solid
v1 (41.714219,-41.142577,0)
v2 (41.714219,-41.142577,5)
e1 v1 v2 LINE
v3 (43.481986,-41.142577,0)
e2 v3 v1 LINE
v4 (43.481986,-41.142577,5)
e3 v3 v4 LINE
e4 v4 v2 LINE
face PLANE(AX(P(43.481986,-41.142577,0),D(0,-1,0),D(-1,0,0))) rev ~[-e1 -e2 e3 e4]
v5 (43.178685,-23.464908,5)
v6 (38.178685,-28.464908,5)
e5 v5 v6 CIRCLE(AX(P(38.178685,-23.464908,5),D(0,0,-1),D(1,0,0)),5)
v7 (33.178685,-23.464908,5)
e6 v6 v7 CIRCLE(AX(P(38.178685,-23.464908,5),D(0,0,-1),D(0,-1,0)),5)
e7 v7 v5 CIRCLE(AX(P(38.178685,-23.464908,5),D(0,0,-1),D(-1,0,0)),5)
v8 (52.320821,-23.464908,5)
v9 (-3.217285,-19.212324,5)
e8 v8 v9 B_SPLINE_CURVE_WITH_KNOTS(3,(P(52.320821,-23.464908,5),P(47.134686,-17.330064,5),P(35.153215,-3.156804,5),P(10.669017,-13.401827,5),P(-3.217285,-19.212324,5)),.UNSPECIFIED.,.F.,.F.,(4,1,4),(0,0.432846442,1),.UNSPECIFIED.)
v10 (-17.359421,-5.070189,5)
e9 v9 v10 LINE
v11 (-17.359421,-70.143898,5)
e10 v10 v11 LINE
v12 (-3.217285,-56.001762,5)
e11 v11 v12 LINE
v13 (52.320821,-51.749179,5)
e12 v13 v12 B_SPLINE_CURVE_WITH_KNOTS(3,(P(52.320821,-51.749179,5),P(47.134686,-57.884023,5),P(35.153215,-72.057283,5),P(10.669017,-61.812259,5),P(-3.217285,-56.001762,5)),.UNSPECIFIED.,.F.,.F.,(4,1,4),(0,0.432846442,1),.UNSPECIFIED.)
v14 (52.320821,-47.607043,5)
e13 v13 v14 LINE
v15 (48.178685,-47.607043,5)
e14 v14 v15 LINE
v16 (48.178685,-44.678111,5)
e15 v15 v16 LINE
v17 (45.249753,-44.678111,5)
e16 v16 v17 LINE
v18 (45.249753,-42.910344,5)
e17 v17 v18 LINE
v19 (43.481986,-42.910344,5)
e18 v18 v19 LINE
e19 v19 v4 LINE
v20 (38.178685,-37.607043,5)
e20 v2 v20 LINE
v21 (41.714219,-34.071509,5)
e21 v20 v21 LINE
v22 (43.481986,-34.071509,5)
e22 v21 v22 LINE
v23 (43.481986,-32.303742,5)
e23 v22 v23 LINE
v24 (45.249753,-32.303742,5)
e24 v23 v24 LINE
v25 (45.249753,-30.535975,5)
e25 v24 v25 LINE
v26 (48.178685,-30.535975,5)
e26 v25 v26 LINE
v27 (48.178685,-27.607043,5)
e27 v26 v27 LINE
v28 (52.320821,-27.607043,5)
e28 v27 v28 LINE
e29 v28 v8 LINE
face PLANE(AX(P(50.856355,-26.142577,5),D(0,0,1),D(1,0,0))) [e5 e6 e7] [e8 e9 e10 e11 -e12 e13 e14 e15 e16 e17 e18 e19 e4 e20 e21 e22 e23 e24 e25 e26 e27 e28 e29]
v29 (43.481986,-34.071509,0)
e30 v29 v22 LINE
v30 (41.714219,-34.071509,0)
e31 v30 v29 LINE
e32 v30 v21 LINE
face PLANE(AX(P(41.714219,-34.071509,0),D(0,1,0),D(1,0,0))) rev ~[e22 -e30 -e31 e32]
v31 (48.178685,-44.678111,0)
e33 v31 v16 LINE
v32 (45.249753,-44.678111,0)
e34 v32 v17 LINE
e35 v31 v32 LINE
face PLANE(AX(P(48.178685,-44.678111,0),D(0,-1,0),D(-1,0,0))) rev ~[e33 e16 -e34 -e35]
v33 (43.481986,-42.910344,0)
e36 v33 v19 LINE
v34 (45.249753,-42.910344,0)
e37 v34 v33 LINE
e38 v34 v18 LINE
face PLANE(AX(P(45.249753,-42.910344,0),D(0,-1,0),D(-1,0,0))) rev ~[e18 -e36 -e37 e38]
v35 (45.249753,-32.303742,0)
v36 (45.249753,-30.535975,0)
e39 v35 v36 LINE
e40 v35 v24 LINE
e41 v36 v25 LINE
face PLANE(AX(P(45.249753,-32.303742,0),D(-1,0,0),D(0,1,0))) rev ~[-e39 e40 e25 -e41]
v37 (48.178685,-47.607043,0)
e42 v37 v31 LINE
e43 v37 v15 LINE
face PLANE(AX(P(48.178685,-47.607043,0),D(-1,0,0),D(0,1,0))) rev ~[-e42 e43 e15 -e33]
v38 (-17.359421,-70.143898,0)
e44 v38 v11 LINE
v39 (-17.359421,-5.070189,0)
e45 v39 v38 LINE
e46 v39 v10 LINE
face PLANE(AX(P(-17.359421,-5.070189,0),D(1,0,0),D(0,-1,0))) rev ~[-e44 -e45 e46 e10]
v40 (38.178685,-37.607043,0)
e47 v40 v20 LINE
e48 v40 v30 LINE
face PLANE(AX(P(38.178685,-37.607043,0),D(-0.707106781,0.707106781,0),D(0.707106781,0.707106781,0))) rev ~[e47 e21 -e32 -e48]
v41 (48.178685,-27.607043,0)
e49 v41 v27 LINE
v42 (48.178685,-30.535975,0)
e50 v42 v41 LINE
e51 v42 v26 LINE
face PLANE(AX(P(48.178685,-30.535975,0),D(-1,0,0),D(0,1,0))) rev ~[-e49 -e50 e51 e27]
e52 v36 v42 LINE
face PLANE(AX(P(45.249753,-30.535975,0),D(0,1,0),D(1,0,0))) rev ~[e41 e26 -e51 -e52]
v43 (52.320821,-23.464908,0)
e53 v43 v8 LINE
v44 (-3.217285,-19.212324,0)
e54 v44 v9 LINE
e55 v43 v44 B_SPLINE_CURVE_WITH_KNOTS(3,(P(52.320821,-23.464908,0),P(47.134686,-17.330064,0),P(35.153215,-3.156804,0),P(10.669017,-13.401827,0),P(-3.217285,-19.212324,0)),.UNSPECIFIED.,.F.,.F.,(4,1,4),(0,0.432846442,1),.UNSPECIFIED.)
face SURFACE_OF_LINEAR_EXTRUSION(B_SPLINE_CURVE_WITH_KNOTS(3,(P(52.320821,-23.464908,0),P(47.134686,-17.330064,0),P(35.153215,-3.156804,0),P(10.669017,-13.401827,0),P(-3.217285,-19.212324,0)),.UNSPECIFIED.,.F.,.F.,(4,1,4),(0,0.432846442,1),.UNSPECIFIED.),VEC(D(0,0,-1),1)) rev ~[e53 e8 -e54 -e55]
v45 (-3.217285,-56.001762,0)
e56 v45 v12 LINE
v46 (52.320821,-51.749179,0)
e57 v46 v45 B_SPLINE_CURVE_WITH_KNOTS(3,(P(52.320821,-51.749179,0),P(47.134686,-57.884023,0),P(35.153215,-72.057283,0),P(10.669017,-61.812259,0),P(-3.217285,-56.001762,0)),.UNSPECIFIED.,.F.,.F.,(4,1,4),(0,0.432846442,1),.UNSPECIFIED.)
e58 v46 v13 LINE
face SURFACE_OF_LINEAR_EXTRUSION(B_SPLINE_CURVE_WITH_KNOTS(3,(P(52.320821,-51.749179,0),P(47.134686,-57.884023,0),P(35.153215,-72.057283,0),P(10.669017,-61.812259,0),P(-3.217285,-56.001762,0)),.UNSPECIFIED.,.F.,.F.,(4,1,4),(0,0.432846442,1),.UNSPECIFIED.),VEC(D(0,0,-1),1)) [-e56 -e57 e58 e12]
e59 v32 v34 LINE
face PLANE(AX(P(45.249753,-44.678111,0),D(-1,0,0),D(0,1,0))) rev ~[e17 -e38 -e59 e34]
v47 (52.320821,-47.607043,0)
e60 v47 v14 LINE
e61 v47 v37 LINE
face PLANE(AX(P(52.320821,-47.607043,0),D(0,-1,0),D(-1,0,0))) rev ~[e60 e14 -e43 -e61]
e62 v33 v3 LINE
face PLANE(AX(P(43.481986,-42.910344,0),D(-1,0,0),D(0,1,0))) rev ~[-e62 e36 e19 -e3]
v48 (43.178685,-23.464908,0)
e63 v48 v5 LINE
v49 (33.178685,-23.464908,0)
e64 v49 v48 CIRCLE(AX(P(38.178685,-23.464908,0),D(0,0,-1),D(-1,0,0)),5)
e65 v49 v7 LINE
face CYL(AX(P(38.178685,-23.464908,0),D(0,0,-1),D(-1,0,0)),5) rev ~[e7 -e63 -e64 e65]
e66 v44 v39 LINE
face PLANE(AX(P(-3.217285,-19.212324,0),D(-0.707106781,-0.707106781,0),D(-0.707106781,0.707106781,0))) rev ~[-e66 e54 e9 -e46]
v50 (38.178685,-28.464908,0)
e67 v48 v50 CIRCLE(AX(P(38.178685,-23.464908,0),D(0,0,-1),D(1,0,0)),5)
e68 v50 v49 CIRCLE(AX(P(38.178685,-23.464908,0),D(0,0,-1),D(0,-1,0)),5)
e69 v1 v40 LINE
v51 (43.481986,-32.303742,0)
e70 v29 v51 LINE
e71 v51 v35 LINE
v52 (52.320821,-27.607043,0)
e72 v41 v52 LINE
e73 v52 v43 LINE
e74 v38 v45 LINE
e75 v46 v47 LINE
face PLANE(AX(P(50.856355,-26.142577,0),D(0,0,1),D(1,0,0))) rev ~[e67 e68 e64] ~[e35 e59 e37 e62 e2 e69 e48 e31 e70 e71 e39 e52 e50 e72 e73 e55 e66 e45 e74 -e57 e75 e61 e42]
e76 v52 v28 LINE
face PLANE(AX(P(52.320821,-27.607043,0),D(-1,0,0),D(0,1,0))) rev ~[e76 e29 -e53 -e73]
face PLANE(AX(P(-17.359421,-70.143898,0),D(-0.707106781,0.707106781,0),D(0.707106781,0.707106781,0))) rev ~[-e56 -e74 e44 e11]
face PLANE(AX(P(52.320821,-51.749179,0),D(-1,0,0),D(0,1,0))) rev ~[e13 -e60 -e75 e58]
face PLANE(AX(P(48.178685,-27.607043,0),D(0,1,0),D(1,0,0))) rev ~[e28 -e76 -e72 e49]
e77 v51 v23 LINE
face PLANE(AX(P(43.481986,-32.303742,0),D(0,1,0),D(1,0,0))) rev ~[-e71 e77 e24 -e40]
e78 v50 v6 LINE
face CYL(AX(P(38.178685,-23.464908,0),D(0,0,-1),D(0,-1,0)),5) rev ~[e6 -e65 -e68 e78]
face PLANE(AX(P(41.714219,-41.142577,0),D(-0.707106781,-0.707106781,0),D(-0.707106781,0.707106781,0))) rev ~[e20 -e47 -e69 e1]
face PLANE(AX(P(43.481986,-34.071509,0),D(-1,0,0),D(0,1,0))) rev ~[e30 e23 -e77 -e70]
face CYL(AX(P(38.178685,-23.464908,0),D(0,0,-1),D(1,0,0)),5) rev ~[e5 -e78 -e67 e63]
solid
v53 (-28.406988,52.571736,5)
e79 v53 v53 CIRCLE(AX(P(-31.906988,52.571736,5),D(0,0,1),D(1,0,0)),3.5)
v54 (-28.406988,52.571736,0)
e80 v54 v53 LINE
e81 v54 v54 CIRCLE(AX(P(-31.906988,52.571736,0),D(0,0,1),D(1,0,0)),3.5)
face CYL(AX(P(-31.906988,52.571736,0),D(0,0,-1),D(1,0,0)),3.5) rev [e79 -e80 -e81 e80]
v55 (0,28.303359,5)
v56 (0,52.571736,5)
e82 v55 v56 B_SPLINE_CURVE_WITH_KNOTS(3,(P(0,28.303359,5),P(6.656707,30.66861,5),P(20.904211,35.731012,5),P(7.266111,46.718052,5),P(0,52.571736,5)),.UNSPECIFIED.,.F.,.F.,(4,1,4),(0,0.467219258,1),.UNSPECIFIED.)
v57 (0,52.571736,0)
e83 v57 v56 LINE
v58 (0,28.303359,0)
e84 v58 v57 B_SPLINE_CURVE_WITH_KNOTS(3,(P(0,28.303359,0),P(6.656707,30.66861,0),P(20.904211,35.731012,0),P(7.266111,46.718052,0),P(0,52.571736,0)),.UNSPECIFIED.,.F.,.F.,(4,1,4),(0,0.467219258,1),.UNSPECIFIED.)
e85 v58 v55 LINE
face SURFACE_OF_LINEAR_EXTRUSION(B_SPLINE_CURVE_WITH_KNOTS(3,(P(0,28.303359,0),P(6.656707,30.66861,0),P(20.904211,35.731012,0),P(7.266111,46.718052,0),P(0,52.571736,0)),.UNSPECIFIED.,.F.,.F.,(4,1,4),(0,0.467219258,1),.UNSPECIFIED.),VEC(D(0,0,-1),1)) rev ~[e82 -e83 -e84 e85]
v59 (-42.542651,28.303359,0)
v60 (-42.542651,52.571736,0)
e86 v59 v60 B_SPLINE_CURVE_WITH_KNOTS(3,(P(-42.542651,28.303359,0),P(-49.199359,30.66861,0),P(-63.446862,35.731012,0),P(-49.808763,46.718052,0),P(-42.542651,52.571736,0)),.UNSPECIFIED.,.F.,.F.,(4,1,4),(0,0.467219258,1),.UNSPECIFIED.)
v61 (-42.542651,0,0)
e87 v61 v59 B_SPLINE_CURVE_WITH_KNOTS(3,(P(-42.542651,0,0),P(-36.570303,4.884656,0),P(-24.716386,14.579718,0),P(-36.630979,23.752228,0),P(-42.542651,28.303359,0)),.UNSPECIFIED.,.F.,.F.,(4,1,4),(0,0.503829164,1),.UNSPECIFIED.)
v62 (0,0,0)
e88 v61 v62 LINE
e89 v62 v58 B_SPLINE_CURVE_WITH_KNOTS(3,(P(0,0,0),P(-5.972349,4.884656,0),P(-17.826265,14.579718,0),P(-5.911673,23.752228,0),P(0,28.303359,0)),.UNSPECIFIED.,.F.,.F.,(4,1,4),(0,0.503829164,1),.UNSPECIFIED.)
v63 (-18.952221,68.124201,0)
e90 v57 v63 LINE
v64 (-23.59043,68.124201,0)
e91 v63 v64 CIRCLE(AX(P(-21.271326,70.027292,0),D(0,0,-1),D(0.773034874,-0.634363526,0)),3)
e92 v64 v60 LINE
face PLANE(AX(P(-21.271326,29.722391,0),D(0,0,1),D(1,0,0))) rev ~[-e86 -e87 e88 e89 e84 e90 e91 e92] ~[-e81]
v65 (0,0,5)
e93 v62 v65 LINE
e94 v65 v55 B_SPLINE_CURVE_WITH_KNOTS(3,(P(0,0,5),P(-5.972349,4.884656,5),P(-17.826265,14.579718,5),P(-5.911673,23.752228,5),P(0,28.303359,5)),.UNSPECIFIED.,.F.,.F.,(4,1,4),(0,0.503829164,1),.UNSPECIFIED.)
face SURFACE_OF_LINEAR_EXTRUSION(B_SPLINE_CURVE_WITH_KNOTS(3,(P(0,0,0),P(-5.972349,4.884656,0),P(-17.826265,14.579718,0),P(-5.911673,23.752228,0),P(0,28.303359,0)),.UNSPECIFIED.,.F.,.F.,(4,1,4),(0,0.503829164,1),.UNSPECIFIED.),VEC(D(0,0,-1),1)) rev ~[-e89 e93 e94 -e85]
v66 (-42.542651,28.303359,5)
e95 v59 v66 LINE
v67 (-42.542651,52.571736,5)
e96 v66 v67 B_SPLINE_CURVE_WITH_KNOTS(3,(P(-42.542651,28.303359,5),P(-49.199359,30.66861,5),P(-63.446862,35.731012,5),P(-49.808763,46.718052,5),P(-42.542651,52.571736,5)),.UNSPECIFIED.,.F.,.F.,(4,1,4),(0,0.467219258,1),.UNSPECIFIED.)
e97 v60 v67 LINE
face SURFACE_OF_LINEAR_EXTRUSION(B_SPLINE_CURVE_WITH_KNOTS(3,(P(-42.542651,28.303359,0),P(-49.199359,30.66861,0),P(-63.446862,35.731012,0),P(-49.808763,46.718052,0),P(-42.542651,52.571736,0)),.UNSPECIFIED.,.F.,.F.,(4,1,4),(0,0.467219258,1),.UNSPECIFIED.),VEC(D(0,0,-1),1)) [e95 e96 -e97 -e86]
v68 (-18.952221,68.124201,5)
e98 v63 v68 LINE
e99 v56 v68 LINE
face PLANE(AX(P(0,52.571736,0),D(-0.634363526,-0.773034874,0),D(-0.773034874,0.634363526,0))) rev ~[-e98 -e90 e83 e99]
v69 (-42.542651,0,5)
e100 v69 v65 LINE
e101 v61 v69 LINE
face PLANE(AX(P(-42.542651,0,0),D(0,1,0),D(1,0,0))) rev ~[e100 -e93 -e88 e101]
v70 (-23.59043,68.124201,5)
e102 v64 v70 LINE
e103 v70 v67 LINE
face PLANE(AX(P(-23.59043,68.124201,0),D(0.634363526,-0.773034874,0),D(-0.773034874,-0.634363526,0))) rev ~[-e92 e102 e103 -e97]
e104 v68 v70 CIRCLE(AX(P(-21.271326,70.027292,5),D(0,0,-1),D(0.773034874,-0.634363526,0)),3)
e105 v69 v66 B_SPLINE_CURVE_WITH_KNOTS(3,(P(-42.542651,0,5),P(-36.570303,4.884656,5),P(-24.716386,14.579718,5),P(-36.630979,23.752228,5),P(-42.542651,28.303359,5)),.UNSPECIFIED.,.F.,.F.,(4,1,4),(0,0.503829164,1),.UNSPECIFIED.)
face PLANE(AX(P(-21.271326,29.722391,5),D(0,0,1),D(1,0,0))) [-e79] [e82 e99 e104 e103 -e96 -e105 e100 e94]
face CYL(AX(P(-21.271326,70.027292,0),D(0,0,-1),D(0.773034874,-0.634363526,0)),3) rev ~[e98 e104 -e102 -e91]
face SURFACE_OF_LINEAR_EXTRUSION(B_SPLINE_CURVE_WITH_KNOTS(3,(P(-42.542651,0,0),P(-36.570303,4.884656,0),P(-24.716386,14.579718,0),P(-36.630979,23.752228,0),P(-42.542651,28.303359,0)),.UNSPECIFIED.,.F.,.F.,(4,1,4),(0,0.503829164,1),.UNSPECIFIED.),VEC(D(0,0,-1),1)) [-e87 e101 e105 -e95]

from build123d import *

# Parameters (mm, degrees)
F0_R     = 3.5
F1_DEPTH = 5
F3_DEPTH = 5


with BuildPart() as f1:
    # F0 (on Top) → F1 (new body)
    with BuildSketch(Plane.XY):
        with BuildLine():
            Line((-42.5426512957, 0), (0, 0))
            add(Edge.make_bspline(
                [(0, 0), (-5.9723485636, 4.8846561298), (-17.8262648049, 14.5797181406), (-5.9116725738, 23.7522278051), (0, 28.3033587039)],
                knots=[0, 0, 0, 0, 0.503829164, 1, 1, 1, 1], degree=3))
            add(Edge.make_bspline(
                [(0, 28.3033587039), (6.6567072616, 30.6686100806), (20.9042106237, 35.7310122396), (7.2661112302, 46.7180524748), (0, 52.5717362761)],
                knots=[0, 0, 0, 0, 0.467219258, 1, 1, 1, 1], degree=3))
            Line((0, 52.5717362761), (-18.9522210256, 68.1242011959))
            ThreePointArc((-18.9522210256, 68.1242011959), (-21.2713256478, 67.0272917747), (-23.59043027, 68.1242011959))
            Line((-23.59043027, 68.1242011959), (-42.5426512957, 52.5717362761))
            add(Edge.make_bspline(
                [(-42.5426512957, 28.3033587039), (-49.1993585573, 30.6686100806), (-63.4468619193, 35.7310122396), (-49.8087625258, 46.7180524748), (-42.5426512957, 52.5717362761)],
                knots=[0, 0, 0, 0, 0.467219258, 1, 1, 1, 1], degree=3))
            add(Edge.make_bspline(
                [(-42.5426512957, 0), (-36.5703027321, 4.8846561298), (-24.7163864907, 14.5797181406), (-36.6309787218, 23.7522278051), (-42.5426512957, 28.3033587039)],
                knots=[0, 0, 0, 0, 0.503829164, 1, 1, 1, 1], degree=3))
        make_face()
        with Locations((-31.9069884717, 52.5717362761)):
            Circle(F0_R, mode=Mode.SUBTRACT)
    extrude(amount=F1_DEPTH)


with BuildPart() as f3:
    # F2 (on Top) → F3 (new body)
    with BuildSketch(Plane.XY):
        Polygon((52.3208206332, -27.6070432306), (52.3208206332, -23.4649076069), (48.1786850095, -27.6070432306), align=None)
        Polygon((48.1786850095, -27.6070432306), (45.2497528213, -30.5359754188), (48.1786850095, -30.5359754188), align=None)
        Polygon((45.2497528213, -30.5359754188), (43.4819858684, -32.3037423717), (45.2497528213, -32.3037423717), align=None)
        Polygon((43.4819858684, -32.3037423717), (41.7142189154, -34.0715093247), (43.4819858684, -34.0715093247), align=None)
        Polygon((45.2497528213, -42.9103440895), (43.4819858684, -42.9103440895), (45.2497528213, -44.6781110425), align=None)
        Polygon((48.1786850095, -44.6781110425), (45.2497528213, -44.6781110425), (48.1786850095, -47.6070432306), align=None)
        Polygon((52.3208206332, -47.6070432306), (48.1786850095, -47.6070432306), (52.3208206332, -51.7491788544), align=None)
        Polygon((43.4819858684, -41.1425771366), (41.7142189154, -41.1425771366), (43.4819858684, -42.9103440895), align=None)
        with BuildLine():
            Line((38.1786850095, -28.4649076069), (38.1786850095, -37.6070432306))
            Line((38.1786850095, -37.6070432306), (41.7142189154, -34.0715093247))
            Line((41.7142189154, -34.0715093247), (43.4819858684, -32.3037423717))
            Line((43.4819858684, -32.3037423717), (45.2497528213, -30.5359754188))
            Line((45.2497528213, -30.5359754188), (48.1786850095, -27.6070432306))
            Line((48.1786850095, -27.6070432306), (52.3208206332, -23.4649076069))
            Line((52.3208206332, -23.4649076069), (43.1786850095, -23.4649076069))
            ThreePointArc((43.1786850095, -23.4649076069), (41.7142189154, -27.0004415128), (38.1786850095, -28.4649076069))
        make_face()
        with BuildLine():
            Line((41.7142189154, -41.1425771366), (38.1786850095, -37.6070432306))
            Line((38.1786850095, -37.6070432306), (38.1786850095, -28.4649076069))
            ThreePointArc((38.1786850095, -28.4649076069), (34.6431511035, -27.0004415128), (33.1786850095, -23.4649076069))
            ThreePointArc((33.1786850095, -23.4649076069), (38.1786850095, -18.4649076069), (43.1786850095, -23.4649076069))
            Line((43.1786850095, -23.4649076069), (52.3208206332, -23.4649076069))
            add(Edge.make_bspline(
                [(52.3208206332, -23.4649076069), (47.1346856365, -17.3300638089), (35.1532147018, -3.1568037235), (10.6690169358, -13.4018273342), (-3.217285499, -19.2123241723)],
                knots=[0, 0, 0, 0, 0.4328464418, 1, 1, 1, 1], degree=3))
            Line((-3.217285499, -19.2123241723), (-17.3594211227, -5.0701885485))
            Line((-17.3594211227, -5.0701885485), (-17.3594211227, -70.1438979128))
            Line((-17.3594211227, -70.1438979128), (-3.217285499, -56.001762289))
            add(Edge.make_bspline(
                [(52.3208206332, -51.7491788544), (47.1346856365, -57.8840226524), (35.1532147018, -72.0572827378), (10.6690169358, -61.8122591271), (-3.217285499, -56.001762289)],
                knots=[0, 0, 0, 0, 0.4328464418, 1, 1, 1, 1], degree=3))
            Line((52.3208206332, -51.7491788544), (48.1786850095, -47.6070432306))
            Line((48.1786850095, -47.6070432306), (45.2497528213, -44.6781110425))
            Line((45.2497528213, -44.6781110425), (43.4819858684, -42.9103440895))
            Line((43.4819858684, -42.9103440895), (41.7142189154, -41.1425771366))
        make_face()
    extrude(amount=F3_DEPTH)


solid = Compound([f1.part, f3.part])
